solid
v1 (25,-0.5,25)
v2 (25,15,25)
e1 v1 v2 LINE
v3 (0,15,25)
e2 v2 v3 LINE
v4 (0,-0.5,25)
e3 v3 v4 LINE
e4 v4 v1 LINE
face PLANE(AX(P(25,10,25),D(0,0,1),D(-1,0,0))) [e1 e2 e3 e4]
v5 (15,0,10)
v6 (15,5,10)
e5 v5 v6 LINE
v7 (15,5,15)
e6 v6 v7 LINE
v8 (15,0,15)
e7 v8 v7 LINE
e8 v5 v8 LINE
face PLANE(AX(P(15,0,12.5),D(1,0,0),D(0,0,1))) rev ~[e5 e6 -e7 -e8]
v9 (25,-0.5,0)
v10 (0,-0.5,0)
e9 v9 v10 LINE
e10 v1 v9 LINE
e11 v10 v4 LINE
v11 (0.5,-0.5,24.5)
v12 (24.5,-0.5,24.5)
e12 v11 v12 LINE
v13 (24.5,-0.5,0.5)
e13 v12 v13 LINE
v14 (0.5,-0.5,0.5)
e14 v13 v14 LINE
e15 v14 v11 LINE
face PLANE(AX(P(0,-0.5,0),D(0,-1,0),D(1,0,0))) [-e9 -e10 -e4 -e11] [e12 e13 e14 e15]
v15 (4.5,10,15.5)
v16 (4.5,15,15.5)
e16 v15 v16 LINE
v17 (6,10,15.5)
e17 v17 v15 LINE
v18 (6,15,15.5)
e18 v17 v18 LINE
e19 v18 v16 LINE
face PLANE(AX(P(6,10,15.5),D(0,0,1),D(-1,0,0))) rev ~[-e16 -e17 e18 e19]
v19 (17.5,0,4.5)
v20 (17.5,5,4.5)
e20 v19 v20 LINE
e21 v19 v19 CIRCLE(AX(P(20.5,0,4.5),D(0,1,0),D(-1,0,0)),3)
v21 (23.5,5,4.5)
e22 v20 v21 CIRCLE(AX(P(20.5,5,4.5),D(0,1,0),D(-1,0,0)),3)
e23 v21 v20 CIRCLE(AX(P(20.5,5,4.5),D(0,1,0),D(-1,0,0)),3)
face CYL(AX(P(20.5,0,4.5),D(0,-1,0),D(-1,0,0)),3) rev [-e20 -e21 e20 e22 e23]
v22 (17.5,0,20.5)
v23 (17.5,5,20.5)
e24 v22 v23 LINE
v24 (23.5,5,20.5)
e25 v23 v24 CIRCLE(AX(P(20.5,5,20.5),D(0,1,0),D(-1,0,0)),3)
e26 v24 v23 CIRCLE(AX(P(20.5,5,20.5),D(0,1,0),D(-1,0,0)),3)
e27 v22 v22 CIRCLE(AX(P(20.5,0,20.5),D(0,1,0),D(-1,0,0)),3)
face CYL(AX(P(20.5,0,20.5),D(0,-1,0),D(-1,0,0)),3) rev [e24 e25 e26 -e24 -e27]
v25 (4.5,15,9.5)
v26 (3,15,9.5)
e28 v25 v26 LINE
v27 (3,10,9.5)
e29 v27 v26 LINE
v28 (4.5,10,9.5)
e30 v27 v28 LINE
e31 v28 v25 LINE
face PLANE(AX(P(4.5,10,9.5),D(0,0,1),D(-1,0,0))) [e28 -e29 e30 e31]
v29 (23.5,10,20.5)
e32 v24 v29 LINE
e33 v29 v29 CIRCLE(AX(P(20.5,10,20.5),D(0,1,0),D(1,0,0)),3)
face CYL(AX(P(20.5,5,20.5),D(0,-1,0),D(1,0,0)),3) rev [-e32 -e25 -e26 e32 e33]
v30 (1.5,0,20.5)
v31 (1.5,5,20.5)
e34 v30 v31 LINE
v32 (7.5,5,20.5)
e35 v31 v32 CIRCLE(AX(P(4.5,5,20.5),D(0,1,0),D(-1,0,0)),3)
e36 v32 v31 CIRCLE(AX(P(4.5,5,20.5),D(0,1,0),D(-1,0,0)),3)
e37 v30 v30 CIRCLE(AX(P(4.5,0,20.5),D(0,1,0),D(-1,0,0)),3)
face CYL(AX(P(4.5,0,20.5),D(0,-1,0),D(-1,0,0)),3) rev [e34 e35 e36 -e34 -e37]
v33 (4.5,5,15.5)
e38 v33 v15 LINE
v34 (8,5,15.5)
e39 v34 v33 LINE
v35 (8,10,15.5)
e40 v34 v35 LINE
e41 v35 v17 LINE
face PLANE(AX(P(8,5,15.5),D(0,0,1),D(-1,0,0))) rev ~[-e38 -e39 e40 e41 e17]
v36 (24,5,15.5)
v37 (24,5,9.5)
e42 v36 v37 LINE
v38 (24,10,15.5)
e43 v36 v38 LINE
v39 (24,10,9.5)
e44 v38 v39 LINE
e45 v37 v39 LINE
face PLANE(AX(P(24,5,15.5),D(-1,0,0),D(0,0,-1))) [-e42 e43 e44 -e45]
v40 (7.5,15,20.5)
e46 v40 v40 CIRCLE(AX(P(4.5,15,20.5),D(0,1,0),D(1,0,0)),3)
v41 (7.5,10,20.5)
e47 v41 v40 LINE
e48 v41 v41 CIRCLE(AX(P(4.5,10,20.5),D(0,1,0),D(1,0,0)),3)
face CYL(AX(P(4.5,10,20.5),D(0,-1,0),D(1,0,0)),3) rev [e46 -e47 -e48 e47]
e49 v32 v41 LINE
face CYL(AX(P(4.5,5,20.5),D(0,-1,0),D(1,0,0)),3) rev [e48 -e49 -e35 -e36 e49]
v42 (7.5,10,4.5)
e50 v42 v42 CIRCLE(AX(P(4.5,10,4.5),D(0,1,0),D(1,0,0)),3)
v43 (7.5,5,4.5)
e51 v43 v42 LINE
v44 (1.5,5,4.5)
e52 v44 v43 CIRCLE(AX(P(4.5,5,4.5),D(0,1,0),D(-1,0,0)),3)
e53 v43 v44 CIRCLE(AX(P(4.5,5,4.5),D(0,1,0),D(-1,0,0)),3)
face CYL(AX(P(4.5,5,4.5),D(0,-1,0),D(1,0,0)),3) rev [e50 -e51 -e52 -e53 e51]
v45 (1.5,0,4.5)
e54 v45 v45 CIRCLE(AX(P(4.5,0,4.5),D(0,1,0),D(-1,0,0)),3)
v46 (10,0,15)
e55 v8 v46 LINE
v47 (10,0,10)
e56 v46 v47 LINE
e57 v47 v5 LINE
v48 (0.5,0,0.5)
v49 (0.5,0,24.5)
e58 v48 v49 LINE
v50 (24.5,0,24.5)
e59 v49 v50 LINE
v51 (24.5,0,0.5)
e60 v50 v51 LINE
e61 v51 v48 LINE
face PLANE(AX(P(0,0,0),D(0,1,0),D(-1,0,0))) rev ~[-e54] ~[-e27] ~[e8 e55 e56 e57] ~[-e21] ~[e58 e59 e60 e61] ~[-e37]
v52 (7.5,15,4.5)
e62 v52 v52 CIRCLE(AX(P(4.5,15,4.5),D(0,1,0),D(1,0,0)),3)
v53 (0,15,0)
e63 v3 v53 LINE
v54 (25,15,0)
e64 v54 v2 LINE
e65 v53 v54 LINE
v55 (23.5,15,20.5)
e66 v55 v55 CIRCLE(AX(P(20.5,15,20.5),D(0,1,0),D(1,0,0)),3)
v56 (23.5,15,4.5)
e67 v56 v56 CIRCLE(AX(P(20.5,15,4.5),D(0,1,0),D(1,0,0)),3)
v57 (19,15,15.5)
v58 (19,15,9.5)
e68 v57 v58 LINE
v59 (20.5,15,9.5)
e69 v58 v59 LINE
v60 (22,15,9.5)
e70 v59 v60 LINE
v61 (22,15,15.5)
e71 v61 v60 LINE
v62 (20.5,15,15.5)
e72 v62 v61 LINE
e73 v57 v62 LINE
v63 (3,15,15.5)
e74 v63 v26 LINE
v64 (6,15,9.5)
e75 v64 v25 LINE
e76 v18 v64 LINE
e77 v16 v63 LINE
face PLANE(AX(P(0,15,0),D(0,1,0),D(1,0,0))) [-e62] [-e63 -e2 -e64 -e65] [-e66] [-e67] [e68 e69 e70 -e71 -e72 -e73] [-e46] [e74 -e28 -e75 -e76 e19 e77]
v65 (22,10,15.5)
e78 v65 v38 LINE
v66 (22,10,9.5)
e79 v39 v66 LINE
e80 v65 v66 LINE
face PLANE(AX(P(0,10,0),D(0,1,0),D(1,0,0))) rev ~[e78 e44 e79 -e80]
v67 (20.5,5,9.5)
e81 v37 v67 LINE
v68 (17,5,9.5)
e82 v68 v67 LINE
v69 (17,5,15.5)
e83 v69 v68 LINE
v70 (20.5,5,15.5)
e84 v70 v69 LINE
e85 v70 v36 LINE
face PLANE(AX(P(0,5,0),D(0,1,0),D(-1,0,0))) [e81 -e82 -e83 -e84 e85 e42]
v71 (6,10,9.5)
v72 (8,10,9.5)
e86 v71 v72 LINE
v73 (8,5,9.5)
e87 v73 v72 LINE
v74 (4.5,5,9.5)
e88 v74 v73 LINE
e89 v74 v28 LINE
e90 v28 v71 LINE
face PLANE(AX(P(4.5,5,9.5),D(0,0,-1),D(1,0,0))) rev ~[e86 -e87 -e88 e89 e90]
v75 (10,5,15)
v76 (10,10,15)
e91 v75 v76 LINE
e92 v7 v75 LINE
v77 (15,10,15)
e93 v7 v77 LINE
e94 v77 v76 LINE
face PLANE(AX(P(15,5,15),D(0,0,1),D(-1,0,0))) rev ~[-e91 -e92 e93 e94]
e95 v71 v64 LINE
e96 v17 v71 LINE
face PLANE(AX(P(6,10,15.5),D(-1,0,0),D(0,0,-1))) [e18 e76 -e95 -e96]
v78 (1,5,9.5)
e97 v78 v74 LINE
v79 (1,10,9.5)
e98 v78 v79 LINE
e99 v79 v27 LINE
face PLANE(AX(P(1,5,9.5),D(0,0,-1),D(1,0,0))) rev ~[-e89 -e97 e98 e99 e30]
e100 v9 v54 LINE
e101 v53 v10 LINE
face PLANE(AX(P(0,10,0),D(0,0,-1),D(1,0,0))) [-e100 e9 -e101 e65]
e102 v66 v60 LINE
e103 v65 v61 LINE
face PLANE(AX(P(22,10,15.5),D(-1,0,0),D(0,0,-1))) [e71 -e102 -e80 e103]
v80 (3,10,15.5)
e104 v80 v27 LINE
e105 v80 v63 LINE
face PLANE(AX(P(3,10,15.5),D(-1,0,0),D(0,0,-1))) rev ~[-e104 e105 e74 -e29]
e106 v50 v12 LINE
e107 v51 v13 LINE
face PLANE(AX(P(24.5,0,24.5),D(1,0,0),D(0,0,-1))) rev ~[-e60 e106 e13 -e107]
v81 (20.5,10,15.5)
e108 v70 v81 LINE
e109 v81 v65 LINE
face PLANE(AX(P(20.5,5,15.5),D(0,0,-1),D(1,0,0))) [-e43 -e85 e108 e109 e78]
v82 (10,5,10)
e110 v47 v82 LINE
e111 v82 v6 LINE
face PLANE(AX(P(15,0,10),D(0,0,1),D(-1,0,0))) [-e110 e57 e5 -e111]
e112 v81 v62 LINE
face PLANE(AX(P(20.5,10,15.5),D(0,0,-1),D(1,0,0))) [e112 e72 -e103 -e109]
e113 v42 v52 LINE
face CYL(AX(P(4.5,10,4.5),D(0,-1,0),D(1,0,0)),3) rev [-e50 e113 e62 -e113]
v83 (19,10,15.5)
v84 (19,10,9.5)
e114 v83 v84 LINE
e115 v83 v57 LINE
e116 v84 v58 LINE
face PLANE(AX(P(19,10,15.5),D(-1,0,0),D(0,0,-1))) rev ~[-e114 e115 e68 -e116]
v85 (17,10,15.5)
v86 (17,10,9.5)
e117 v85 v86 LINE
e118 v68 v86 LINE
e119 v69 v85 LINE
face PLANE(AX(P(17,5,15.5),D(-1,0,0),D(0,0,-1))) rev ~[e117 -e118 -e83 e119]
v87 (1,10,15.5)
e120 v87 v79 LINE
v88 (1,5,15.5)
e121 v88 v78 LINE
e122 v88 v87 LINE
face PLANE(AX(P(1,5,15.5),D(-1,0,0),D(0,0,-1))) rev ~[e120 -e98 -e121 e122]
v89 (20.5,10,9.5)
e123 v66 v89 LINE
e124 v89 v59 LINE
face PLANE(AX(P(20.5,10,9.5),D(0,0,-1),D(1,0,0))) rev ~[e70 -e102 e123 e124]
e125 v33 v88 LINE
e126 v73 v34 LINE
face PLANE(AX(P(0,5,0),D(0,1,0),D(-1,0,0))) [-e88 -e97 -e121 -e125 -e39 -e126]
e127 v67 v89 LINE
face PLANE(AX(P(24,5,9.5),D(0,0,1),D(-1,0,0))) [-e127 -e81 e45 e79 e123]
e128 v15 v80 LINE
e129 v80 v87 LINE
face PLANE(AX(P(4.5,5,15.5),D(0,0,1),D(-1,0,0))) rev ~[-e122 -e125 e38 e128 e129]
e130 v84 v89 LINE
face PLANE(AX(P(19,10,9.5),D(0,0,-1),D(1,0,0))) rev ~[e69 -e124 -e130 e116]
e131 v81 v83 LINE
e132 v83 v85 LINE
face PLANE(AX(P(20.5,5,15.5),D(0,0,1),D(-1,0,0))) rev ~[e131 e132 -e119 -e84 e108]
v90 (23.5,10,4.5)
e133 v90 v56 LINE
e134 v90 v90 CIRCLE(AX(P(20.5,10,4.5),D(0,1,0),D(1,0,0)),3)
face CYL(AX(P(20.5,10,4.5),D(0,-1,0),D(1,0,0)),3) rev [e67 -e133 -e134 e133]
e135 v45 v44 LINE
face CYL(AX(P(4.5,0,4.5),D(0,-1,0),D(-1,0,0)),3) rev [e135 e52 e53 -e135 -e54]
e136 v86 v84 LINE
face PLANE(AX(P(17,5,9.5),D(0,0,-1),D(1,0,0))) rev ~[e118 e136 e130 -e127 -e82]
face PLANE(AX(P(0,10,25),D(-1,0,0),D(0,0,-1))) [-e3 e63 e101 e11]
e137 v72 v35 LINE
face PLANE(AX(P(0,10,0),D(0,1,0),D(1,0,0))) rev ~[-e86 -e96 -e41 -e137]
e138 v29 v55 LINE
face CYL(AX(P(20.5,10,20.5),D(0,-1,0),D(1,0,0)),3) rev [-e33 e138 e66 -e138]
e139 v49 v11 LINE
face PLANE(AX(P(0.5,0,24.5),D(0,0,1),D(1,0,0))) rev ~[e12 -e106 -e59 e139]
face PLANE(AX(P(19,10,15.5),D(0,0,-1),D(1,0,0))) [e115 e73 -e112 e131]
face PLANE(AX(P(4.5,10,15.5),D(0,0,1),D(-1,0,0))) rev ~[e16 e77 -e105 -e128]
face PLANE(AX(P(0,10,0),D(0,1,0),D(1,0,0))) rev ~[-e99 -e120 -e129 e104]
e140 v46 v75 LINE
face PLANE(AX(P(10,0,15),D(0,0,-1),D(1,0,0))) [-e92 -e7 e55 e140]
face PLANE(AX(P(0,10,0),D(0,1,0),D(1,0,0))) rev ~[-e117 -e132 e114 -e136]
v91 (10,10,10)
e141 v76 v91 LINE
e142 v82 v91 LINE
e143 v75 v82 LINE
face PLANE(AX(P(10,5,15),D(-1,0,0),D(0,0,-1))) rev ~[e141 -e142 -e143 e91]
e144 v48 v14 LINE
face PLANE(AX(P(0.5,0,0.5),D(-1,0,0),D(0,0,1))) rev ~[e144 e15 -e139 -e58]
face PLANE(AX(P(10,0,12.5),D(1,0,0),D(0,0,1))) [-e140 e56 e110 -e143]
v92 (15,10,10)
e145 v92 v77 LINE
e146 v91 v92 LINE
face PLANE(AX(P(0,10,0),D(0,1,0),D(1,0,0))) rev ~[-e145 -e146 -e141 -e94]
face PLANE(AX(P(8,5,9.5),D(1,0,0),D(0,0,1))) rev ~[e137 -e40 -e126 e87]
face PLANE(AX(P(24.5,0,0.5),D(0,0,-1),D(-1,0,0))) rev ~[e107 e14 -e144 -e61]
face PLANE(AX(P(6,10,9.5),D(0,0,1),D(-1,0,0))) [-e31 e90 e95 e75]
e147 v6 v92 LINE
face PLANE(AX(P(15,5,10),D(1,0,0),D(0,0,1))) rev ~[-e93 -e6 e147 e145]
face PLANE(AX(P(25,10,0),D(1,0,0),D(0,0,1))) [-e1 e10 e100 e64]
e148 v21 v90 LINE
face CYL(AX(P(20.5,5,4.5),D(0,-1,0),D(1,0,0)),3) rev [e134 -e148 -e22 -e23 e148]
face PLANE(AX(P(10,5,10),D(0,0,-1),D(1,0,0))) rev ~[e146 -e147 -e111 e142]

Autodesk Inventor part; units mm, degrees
ref_plane "YZ Plane" through (0, 0, 0) normal (1, 0, 0) x (0, 1, 0)
ref_plane "XZ Plane" through (0, 0, 0) normal (0, 1, 0) x (-1, 0, 0)
ref_plane "XY Plane" through (0, 0, 0) normal (0, 0, 1) x (1, 0, 0)
sketch "Sketch1" plane through (0, 0, 0) normal (0, 1, 0) x (-1, 0, 0)
  line L0 (0, 0) -> (-25, 0)
  line L1 (-25, 0) -> (-25, 25)
  line L2 (-25, 25) -> (0, 25)
  line L3 (0, 25) -> (0, 0)
  line L4 (-10, 12.5) -> (-10, 15)
  line L5 (-10, 15) -> (-12.5, 15)
  line L6 (-10, 12.5) -> (-10, 10)
  line L7 (-10, 10) -> (-12.5, 10)
  line L8 (-15, 12.5) -> (-15, 15)
  line L9 (-15, 15) -> (-12.5, 15)
  line L10 (-15, 12.5) -> (-15, 10)
  line L11 (-15, 10) -> (-12.5, 10)
  circle A0 centre (-4.5, 4.5) radius 3
  circle A1 centre (-20.5, 20.5) radius 3
  circle A2 centre (-4.5, 20.5) radius 3
  circle A3 centre (-20.5, 4.5) radius 3
  dimension "d0" = 25
  dimension "d1" = 25
  dimension "d2" = 2.5
  dimension "d3" = 2.5
  dimension "d4" = 2.5
  dimension "d5" = 2.5
  dimension "d6" = 2.5
  dimension "d8" = 6
  dimension "d9" = 6
  dimension "d10" = 6
  dimension "d11" = 6
extrude "Extrusion1" add sketch "Sketch1" along normal blind 5
sketch "Sketch4" plane through (0, 0, 0) normal (0, -1, 0) x (1, 0, 0)
  line L0 (0, 0) -> (0, 25) projected
  line L1 (25, 25) -> (25, 0) projected
  line L2 (0, 25) -> (25, 25)
  line L3 (25, 25) -> (25, 0)
  line L4 (25, 0) -> (0, 0)
  line L5 (0, 0) -> (0, 25)
  line L6 (0.5, 24.5) -> (24.5, 24.5)
  line L7 (24.5, 24.5) -> (24.5, 0.5)
  line L8 (24.5, 0.5) -> (0.5, 0.5)
  line L9 (0.5, 0.5) -> (0.5, 24.5)
  dimension "d18" = 24
  dimension "d19" = 24
extrude "Extrusion3" add sketch "Sketch4" along normal blind 0.5
sketch "Sketch5" plane through (0, 5, 0) normal (0, 1, 0) x (1, 0, 0)
  line L0 (20.5, -15.5) -> (17, -15.5)
  line L1 (17, -15.5) -> (17, -9.5)
  line L2 (17, -9.5) -> (20.5, -9.5)
  line L3 (20.5, -15.5) -> (24, -15.5)
  line L4 (24, -15.5) -> (24, -9.5)
  line L5 (24, -9.5) -> (20.5, -9.5)
  line L6 (8, -15.5) -> (4.5, -15.5)
  line L7 (4.5, -9.5) -> (8, -9.5)
  line L8 (8, -9.5) -> (8, -15.5)
  line L9 (4.5, -15.5) -> (1, -15.5)
  line L10 (1, -15.5) -> (1, -9.5)
  line L11 (1, -9.5) -> (4.5, -9.5)
  circle A0 centre (20.5, -20.5) radius 3
  circle A1 centre (4.5, -20.5) radius 3
  circle A2 centre (20.5, -4.5) radius 3
  circle A3 centre (4.5, -4.5) radius 3
  line L12 (15, -15) -> (10, -15) projected
  line L13 (10, -10) -> (15, -10) projected
  line L14 (15, -15) -> (10, -15)
  line L15 (10, -15) -> (10, -10)
  line L16 (10, -10) -> (15, -10)
  line L17 (15, -10) -> (15, -15)
  line L18 (25, -25) -> (0, -25) projected
  line L19 (25, -25) -> (0, -25)
  line L20 (0, -25) -> (0, 0)
  line L21 (0, 0) -> (25, 0)
  line L22 (25, 0) -> (25, -25)
  dimension "d22" = 3.5
  dimension "d23" = 6
  dimension "d24" = 3.5
  dimension "d25" = 3.5
  dimension "d26" = 6
  dimension "d27" = 3.5
  dimension "d28" = 6
  dimension "d29" = 6
  dimension "d30" = 6
  dimension "d31" = 6
extrude "Extrusion4" add sketch "Sketch5" along normal blind 5
sketch "Sketch6" plane through (0, 10, 0) normal (0, 1, 0) x (1, 0, 0)
  line L0 (17, -15.5) -> (24, -15.5) projected
  line L1 (17, -9.5) -> (24, -9.5) projected
  line L2 (20.5, -15.5) -> (22, -15.5)
  line L3 (22, -15.5) -> (22, -9.5)
  line L4 (22, -9.5) -> (20.5, -9.5)
  line L5 (20.5, -15.5) -> (19, -15.5)
  line L6 (19, -15.5) -> (19, -9.5)
  line L7 (19, -9.5) -> (20.5, -9.5)
  line L8 (8, -15.5) -> (1, -15.5) projected
  line L9 (8, -9.5) -> (1, -9.5) projected
  line L10 (4.5, -15.5) -> (6, -15.5)
  line L11 (6, -15.5) -> (6, -9.5)
  line L12 (6, -9.5) -> (4.5, -9.5)
  line L13 (4.5, -15.5) -> (3, -15.5)
  line L14 (3, -15.5) -> (3, -9.5)
  line L15 (3, -9.5) -> (4.5, -9.5)
  line L16 (25, -25) -> (0, -25) projected
  line L17 (25, -25) -> (0, -25)
  line L18 (0, -25) -> (0, 0)
  line L19 (0, 0) -> (25, 0)
  line L20 (25, 0) -> (25, -25)
  circle A0 centre (4.5, -20.5) radius 3
  circle A1 centre (20.5, -20.5) radius 3
  circle A2 centre (20.5, -4.5) radius 3
  circle A3 centre (4.5, -4.5) radius 3
  dimension "d34" = 1.5
  dimension "d35" = 1.5
  dimension "d36" = 1.5
  dimension "d37" = 1.5
  dimension "d38" = 6
  dimension "d39" = 6
  dimension "d40" = 6
  dimension "d41" = 6
extrude "Extrusion5" add sketch "Sketch6" along normal blind 5
properties part number "SiPM cover"
